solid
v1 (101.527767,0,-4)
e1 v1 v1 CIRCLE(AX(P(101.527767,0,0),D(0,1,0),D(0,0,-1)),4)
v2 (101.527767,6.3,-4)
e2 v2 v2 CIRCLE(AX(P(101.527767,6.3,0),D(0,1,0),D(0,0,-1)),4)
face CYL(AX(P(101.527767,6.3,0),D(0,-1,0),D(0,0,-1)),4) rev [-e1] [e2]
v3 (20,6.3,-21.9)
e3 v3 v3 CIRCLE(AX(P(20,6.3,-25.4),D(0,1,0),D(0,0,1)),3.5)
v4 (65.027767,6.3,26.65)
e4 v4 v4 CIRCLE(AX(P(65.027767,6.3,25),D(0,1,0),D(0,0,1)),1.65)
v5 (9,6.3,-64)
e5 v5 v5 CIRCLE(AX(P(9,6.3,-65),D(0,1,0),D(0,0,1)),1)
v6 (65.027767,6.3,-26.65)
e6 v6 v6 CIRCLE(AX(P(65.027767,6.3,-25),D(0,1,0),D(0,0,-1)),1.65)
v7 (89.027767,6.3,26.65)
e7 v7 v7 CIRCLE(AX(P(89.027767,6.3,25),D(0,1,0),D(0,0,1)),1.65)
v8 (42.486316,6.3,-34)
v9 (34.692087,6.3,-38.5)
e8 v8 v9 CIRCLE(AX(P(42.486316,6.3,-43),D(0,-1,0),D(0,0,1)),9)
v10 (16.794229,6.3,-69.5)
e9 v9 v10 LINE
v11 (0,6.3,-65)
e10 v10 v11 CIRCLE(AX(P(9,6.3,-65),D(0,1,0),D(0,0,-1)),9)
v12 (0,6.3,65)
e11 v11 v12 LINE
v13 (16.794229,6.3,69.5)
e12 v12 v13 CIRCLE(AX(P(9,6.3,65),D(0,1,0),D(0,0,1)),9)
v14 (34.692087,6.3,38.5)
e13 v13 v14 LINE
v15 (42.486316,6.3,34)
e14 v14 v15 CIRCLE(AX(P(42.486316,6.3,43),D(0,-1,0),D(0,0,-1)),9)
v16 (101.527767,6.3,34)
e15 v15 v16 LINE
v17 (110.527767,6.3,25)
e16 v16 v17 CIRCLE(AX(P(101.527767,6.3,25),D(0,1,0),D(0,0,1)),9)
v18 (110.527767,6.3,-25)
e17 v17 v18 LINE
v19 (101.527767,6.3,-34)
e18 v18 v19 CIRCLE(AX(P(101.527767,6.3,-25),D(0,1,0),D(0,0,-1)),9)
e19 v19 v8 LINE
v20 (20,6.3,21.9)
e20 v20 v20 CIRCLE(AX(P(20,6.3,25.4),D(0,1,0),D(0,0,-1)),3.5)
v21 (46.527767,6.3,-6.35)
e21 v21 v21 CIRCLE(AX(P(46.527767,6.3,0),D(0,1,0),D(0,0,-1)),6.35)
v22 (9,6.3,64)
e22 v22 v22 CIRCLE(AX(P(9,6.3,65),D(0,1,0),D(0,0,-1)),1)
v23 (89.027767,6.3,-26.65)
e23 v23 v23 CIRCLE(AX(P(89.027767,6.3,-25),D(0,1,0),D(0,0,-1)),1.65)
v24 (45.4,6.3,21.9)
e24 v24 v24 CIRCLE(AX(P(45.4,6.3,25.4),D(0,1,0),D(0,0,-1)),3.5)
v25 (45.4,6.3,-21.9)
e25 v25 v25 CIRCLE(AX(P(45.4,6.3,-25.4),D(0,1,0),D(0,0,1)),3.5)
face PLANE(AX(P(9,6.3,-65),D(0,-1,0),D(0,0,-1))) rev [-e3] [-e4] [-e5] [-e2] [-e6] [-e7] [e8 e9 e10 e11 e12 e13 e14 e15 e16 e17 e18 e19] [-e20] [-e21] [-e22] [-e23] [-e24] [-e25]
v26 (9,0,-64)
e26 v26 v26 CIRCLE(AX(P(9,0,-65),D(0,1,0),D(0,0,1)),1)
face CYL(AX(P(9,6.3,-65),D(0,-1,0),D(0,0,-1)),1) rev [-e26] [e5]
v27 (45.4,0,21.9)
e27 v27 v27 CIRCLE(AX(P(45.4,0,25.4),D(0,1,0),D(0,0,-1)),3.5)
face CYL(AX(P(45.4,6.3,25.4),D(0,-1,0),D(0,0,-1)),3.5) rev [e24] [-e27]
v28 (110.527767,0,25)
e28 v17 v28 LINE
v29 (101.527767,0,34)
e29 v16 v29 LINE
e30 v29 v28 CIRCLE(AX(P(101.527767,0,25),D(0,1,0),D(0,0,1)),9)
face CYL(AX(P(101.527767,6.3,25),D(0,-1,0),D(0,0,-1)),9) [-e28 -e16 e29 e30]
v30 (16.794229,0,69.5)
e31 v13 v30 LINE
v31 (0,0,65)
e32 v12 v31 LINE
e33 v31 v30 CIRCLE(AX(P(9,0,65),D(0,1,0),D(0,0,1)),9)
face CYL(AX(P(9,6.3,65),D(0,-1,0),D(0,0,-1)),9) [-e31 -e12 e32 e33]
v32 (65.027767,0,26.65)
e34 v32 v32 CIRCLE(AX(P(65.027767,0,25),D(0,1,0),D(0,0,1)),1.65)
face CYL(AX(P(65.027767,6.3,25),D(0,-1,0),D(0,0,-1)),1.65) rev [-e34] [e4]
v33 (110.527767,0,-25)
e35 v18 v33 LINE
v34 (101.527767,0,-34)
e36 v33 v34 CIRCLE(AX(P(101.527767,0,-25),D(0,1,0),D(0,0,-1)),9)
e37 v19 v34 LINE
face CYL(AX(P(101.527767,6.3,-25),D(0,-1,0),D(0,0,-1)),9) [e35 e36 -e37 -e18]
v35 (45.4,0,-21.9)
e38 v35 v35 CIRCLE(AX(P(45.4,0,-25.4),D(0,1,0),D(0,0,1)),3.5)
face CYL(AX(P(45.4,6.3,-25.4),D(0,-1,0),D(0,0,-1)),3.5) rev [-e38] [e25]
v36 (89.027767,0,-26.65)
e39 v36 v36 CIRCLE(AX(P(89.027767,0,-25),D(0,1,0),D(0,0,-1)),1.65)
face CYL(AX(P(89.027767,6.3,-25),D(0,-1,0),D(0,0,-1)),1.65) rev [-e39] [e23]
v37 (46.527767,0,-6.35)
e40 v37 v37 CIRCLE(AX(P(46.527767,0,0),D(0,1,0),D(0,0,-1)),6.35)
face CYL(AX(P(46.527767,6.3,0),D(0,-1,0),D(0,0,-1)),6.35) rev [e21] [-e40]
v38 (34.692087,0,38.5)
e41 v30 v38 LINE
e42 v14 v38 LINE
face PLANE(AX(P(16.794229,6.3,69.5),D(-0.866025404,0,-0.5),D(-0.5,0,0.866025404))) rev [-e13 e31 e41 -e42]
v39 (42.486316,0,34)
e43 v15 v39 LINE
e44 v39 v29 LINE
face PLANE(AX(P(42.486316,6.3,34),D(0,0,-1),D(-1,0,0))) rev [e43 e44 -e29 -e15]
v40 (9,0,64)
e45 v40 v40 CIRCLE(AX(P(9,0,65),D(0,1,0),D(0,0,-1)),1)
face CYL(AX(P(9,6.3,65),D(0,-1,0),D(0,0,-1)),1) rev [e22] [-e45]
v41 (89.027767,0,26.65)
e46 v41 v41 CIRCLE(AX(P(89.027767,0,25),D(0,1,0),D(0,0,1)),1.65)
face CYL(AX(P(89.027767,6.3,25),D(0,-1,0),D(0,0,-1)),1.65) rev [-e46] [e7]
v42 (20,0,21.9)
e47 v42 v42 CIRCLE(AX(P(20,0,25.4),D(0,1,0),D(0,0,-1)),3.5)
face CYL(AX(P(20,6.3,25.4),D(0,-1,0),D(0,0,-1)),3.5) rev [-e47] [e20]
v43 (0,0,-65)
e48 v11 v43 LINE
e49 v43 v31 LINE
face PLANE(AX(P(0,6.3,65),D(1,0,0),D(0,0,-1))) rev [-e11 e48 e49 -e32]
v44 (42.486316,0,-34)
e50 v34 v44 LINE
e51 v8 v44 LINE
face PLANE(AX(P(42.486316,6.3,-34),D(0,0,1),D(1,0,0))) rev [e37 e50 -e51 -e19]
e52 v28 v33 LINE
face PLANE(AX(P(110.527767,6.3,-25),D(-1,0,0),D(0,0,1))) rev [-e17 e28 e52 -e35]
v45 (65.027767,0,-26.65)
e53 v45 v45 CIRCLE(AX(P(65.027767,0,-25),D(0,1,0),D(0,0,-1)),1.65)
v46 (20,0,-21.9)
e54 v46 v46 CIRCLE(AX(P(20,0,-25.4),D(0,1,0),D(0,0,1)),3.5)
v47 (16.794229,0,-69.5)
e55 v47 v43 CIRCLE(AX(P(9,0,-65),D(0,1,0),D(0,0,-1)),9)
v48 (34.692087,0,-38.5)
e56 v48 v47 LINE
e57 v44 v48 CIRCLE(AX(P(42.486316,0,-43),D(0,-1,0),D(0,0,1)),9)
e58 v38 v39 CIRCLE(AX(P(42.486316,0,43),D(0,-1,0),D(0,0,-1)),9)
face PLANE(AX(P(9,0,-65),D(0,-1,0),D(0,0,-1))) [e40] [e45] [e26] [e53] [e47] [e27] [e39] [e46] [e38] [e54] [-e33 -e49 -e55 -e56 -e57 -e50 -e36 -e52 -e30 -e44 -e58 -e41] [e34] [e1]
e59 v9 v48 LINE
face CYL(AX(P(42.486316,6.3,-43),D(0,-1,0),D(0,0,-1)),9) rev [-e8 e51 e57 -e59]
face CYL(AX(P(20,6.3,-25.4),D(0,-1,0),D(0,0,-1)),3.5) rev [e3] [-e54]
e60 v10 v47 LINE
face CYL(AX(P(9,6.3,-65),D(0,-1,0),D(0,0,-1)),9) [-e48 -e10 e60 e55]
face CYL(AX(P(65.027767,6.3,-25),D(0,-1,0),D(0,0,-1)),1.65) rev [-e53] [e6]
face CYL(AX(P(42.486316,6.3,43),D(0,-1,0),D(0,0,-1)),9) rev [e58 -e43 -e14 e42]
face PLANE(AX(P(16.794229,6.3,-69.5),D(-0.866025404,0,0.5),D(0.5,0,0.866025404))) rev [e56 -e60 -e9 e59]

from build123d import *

# Parameters (mm, degrees)
SKETCH1_R           = 1
SKETCH1_R_2         = 6.35
SKETCH1_R_3         = 4
SKETCH1_R_4         = 3.5
SKETCH1_R_5         = 1.65
BOSS_EXTRUDE3_DEPTH = 6.3


with BuildPart() as part:
    # Sketch1 → Boss-Extrude3 (new body)
    with BuildSketch(Plane(origin=(0, 0, 0), x_dir=(1, 0, 0), z_dir=(0, 1, 0))):
        with BuildLine():
            Line((0, -65), (0, 65))
            ThreePointArc((0, 65), (6.670628594, 73.693332437), (16.794228634, 69.5))
            Line((16.794228634, 69.5), (34.692086979, 38.5))
            ThreePointArc((34.692086979, 38.5), (37.986315613, 35.205771366), (42.486315613, 34))
            Line((42.486315613, 34), (101.527767497, 34))
            ThreePointArc((101.527767497, 34), (107.891728528, 31.363961031), (110.527767497, 25))
            Line((110.527767497, 25), (110.527767497, -25))
            ThreePointArc((110.527767497, -25), (107.891728528, -31.363961031), (101.527767497, -34))
            Line((101.527767497, -34), (42.486315613, -34))
            ThreePointArc((42.486315613, -34), (37.986315613, -35.205771366), (34.692086979, -38.5))
            Line((34.692086979, -38.5), (16.794228634, -69.5))
            ThreePointArc((16.794228634, -69.5), (6.670628594, -73.693332437), (0, -65))
        make_face()
        with Locations(Location((9, 65, 0), (0, 0, 270))):
            Circle(SKETCH1_R, mode=Mode.SUBTRACT)
        with Locations(Location((46.527767497, 0, 0), (0, 0, 90))):
            Circle(SKETCH1_R_2, mode=Mode.SUBTRACT)
        with Locations(Location((101.527767497, 0, 0), (0, 0, 90))):
            Circle(SKETCH1_R_3, mode=Mode.SUBTRACT)
        with Locations(Location((20, 25.4, 0), (0, 0, 270))):
            Circle(SKETCH1_R_4, mode=Mode.SUBTRACT)
        with Locations(Location((45.4, 25.4, 0), (0, 0, 270))):
            Circle(SKETCH1_R_4, mode=Mode.SUBTRACT)
        with Locations(Location((45.4, -25.4, 0), (0, 0, 90))):
            Circle(SKETCH1_R_4, mode=Mode.SUBTRACT)
        with Locations(Location((20, -25.4, 0), (0, 0, 90))):
            Circle(SKETCH1_R_4, mode=Mode.SUBTRACT)
        with Locations(Location((9, -65, 0), (0, 0, 90))):
            Circle(SKETCH1_R, mode=Mode.SUBTRACT)
        with Locations(Location((89.027767497, -25, 0), (0, 0, 270))):
            Circle(SKETCH1_R_5, mode=Mode.SUBTRACT)
        with Locations(Location((65.027767497, -25, 0), (0, 0, 270))):
            Circle(SKETCH1_R_5, mode=Mode.SUBTRACT)
        with Locations(Location((65.027767497, 25, 0), (0, 0, 90))):
            Circle(SKETCH1_R_5, mode=Mode.SUBTRACT)
        with Locations(Location((89.027767497, 25, 0), (0, 0, 90))):
            Circle(SKETCH1_R_5, mode=Mode.SUBTRACT)
    extrude(amount=BOSS_EXTRUDE3_DEPTH)


solid = part.part
